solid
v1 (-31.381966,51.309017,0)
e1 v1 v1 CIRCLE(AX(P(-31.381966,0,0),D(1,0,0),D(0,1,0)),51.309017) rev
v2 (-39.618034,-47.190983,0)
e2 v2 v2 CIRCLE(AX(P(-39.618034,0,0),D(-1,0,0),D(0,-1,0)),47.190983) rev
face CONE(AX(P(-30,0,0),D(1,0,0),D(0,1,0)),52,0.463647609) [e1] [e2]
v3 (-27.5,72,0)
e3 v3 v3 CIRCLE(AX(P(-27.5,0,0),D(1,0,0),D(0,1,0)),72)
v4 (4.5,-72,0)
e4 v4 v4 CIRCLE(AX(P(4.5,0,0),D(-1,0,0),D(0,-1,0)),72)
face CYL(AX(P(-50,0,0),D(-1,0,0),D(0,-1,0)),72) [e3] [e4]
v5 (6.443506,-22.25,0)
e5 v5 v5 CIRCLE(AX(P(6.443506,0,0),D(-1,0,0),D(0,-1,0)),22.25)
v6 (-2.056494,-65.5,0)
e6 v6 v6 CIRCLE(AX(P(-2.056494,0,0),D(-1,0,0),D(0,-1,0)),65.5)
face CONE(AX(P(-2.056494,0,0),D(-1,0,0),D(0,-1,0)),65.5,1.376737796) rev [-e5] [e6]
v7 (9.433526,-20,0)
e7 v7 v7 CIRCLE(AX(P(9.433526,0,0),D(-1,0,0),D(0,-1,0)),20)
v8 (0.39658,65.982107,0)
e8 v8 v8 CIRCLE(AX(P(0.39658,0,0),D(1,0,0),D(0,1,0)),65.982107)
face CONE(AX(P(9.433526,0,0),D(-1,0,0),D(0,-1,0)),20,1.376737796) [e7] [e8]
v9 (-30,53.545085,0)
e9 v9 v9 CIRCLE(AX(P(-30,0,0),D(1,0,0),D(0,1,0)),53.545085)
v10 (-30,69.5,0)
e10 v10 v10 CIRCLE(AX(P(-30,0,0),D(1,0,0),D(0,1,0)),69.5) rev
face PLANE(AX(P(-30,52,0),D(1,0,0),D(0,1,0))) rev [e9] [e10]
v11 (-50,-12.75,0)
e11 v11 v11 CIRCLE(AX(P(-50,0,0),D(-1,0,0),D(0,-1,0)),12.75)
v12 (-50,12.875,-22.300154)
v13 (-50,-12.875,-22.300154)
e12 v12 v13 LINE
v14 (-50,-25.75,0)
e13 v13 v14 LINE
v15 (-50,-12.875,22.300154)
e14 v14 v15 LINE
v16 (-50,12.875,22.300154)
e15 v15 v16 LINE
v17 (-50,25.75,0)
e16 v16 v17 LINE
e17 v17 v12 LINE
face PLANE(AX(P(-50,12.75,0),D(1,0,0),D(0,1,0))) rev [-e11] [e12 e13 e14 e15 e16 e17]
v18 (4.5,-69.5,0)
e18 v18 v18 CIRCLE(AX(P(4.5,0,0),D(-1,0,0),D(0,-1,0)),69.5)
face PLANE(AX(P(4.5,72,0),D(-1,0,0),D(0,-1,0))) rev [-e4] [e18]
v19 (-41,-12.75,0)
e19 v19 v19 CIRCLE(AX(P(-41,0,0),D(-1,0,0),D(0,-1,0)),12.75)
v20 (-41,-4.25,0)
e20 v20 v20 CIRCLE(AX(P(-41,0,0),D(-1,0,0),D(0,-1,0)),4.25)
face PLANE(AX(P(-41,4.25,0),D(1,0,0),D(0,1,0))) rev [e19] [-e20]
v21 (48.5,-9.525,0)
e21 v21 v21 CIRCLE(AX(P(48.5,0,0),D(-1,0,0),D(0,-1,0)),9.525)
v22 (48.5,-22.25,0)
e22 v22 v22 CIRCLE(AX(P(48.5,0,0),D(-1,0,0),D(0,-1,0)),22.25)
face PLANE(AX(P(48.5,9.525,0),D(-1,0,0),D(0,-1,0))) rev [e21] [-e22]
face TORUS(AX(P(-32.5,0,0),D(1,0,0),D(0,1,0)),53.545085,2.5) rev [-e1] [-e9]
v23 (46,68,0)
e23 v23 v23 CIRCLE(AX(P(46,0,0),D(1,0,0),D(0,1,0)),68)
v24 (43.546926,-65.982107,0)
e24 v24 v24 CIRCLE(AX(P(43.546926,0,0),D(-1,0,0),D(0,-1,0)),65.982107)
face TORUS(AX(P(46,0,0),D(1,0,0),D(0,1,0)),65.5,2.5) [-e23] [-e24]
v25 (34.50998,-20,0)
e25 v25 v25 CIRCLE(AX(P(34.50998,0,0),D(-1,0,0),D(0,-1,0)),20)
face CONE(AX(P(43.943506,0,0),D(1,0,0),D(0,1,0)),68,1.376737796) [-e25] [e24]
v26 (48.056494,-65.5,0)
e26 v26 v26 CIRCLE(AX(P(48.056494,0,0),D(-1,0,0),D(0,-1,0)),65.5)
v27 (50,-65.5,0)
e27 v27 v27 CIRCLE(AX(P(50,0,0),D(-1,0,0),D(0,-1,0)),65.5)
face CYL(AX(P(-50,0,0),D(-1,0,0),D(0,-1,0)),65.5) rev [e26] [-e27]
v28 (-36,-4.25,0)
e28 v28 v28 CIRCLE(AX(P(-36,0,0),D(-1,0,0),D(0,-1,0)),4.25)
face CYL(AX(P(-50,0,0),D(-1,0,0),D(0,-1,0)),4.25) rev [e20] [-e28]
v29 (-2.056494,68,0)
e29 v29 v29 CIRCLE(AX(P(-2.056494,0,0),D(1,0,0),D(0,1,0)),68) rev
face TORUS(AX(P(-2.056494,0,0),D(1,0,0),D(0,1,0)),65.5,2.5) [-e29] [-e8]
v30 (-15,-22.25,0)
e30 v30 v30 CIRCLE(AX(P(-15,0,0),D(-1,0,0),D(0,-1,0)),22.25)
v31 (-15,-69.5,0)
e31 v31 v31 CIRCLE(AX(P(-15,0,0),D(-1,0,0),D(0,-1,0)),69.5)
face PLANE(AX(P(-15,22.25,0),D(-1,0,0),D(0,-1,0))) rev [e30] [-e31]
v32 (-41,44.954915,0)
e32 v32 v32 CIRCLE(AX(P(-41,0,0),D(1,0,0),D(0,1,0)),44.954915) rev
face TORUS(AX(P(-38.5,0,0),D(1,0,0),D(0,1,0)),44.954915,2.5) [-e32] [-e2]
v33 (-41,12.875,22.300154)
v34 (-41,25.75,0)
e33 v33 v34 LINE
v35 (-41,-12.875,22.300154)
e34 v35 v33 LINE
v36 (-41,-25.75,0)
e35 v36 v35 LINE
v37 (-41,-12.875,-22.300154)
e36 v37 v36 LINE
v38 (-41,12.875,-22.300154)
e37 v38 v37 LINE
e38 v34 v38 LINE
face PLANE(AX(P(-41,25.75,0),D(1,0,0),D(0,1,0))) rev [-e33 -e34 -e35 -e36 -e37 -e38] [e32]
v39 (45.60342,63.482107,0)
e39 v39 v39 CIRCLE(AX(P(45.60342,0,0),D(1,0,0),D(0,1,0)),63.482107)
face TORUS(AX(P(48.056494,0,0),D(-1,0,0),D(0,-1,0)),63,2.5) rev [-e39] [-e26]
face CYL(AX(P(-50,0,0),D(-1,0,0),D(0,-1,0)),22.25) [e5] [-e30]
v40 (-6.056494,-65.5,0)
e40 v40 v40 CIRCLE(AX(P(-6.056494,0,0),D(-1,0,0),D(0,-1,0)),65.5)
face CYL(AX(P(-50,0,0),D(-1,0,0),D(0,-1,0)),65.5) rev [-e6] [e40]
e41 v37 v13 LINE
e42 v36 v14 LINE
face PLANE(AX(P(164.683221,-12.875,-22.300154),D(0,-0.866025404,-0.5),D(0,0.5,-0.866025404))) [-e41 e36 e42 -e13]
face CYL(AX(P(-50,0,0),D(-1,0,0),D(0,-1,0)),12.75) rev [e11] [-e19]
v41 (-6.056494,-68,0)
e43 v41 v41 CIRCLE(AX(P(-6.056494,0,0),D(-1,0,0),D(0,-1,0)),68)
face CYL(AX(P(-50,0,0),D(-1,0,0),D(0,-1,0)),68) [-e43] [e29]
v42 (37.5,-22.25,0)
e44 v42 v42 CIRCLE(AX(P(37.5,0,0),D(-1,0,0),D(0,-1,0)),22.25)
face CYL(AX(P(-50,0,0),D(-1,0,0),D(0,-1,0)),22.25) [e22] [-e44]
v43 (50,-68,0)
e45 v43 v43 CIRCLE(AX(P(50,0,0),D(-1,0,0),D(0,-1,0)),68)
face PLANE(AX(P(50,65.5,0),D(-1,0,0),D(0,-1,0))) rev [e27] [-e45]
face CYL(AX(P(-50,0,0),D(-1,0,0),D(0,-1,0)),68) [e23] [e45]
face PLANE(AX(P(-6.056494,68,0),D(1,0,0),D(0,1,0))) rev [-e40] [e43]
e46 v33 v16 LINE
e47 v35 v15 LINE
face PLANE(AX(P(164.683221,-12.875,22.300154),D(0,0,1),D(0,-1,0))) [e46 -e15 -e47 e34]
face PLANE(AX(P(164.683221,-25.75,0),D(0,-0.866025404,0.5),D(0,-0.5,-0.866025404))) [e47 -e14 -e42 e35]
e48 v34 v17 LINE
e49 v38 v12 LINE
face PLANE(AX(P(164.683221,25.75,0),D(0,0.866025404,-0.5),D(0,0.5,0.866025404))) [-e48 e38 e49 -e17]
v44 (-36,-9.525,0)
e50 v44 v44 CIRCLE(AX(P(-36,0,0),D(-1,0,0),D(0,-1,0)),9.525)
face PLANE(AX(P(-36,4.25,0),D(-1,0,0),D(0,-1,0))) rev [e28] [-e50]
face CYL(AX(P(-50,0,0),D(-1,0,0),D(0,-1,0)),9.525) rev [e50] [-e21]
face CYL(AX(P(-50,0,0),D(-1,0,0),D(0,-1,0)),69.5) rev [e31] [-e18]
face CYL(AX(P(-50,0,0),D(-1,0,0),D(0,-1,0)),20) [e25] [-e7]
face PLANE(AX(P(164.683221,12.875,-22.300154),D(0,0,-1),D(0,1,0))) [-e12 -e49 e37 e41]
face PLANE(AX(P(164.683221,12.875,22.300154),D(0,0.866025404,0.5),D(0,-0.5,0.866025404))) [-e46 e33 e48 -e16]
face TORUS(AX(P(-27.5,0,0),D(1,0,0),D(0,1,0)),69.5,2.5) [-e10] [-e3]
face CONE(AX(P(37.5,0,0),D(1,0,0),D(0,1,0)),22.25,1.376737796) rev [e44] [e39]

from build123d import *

# Parameters (mm, degrees)
FILLET_1_R          = 2.5
SKETCH_2_OUTSIDE_W  = 191.374
SKETCH_2_OUTSIDE_H  = 191.374
CUT_EXTRUDE_1_DEPTH = 9


with BuildPart() as part:
    # Эскиз1 → Повернуть1 (revolve)
    with BuildSketch(Plane.XY):
        Polygon((-36, 9.525), (48.5, 9.525), (48.5, 22.25), (37.5, 22.25), (46, 65.5), (50, 65.5), (50, 68), (43.943505966, 68), (34.509979954, 20), (9.433526012, 20), (0, 68), (-6.056494034, 68), (-6.056494034, 65.5), (-2.056494034, 65.5), (6.443505966, 22.25), (-15, 22.25), (-15, 69.5), (4.5, 69.5), (4.5, 72), (-30, 72), (-30, 52), (-41, 46.5), (-41, 25.75), (-50, 25.75), (-50, 12.75), (-41, 12.75), (-41, 4.25), (-36, 4.25), align=None)
    revolve(axis=Axis((-50, 0, 0), (1, 0, 0)))

    # Скругление1
    fillet_1_edges = [part.edges().sort_by_distance(p)[0] for p in [
        (0, -68, 0),
        (43.943505966, -68, 0),
        (46, -65.5, 0),
        (-41, -46.5, 0),
        (-30, -52, 0),
        (-30, -72, 0),
    ]]
    fillet(fillet_1_edges, radius=FILLET_1_R)

    # Эскиз2 outside → Вырез-Вытянуть1 (cut)
    with BuildSketch(Plane.ZY.offset(50)):
        Rectangle(SKETCH_2_OUTSIDE_W, SKETCH_2_OUTSIDE_H)
        Polygon((0, 25.75), (-22.300154147, 12.875), (-22.300154147, -12.875), (0, -25.75), (22.300154147, -12.875), (22.300154147, 12.875), align=None, mode=Mode.SUBTRACT)
    extrude(amount=-CUT_EXTRUDE_1_DEPTH, mode=Mode.SUBTRACT)


solid = part.part
